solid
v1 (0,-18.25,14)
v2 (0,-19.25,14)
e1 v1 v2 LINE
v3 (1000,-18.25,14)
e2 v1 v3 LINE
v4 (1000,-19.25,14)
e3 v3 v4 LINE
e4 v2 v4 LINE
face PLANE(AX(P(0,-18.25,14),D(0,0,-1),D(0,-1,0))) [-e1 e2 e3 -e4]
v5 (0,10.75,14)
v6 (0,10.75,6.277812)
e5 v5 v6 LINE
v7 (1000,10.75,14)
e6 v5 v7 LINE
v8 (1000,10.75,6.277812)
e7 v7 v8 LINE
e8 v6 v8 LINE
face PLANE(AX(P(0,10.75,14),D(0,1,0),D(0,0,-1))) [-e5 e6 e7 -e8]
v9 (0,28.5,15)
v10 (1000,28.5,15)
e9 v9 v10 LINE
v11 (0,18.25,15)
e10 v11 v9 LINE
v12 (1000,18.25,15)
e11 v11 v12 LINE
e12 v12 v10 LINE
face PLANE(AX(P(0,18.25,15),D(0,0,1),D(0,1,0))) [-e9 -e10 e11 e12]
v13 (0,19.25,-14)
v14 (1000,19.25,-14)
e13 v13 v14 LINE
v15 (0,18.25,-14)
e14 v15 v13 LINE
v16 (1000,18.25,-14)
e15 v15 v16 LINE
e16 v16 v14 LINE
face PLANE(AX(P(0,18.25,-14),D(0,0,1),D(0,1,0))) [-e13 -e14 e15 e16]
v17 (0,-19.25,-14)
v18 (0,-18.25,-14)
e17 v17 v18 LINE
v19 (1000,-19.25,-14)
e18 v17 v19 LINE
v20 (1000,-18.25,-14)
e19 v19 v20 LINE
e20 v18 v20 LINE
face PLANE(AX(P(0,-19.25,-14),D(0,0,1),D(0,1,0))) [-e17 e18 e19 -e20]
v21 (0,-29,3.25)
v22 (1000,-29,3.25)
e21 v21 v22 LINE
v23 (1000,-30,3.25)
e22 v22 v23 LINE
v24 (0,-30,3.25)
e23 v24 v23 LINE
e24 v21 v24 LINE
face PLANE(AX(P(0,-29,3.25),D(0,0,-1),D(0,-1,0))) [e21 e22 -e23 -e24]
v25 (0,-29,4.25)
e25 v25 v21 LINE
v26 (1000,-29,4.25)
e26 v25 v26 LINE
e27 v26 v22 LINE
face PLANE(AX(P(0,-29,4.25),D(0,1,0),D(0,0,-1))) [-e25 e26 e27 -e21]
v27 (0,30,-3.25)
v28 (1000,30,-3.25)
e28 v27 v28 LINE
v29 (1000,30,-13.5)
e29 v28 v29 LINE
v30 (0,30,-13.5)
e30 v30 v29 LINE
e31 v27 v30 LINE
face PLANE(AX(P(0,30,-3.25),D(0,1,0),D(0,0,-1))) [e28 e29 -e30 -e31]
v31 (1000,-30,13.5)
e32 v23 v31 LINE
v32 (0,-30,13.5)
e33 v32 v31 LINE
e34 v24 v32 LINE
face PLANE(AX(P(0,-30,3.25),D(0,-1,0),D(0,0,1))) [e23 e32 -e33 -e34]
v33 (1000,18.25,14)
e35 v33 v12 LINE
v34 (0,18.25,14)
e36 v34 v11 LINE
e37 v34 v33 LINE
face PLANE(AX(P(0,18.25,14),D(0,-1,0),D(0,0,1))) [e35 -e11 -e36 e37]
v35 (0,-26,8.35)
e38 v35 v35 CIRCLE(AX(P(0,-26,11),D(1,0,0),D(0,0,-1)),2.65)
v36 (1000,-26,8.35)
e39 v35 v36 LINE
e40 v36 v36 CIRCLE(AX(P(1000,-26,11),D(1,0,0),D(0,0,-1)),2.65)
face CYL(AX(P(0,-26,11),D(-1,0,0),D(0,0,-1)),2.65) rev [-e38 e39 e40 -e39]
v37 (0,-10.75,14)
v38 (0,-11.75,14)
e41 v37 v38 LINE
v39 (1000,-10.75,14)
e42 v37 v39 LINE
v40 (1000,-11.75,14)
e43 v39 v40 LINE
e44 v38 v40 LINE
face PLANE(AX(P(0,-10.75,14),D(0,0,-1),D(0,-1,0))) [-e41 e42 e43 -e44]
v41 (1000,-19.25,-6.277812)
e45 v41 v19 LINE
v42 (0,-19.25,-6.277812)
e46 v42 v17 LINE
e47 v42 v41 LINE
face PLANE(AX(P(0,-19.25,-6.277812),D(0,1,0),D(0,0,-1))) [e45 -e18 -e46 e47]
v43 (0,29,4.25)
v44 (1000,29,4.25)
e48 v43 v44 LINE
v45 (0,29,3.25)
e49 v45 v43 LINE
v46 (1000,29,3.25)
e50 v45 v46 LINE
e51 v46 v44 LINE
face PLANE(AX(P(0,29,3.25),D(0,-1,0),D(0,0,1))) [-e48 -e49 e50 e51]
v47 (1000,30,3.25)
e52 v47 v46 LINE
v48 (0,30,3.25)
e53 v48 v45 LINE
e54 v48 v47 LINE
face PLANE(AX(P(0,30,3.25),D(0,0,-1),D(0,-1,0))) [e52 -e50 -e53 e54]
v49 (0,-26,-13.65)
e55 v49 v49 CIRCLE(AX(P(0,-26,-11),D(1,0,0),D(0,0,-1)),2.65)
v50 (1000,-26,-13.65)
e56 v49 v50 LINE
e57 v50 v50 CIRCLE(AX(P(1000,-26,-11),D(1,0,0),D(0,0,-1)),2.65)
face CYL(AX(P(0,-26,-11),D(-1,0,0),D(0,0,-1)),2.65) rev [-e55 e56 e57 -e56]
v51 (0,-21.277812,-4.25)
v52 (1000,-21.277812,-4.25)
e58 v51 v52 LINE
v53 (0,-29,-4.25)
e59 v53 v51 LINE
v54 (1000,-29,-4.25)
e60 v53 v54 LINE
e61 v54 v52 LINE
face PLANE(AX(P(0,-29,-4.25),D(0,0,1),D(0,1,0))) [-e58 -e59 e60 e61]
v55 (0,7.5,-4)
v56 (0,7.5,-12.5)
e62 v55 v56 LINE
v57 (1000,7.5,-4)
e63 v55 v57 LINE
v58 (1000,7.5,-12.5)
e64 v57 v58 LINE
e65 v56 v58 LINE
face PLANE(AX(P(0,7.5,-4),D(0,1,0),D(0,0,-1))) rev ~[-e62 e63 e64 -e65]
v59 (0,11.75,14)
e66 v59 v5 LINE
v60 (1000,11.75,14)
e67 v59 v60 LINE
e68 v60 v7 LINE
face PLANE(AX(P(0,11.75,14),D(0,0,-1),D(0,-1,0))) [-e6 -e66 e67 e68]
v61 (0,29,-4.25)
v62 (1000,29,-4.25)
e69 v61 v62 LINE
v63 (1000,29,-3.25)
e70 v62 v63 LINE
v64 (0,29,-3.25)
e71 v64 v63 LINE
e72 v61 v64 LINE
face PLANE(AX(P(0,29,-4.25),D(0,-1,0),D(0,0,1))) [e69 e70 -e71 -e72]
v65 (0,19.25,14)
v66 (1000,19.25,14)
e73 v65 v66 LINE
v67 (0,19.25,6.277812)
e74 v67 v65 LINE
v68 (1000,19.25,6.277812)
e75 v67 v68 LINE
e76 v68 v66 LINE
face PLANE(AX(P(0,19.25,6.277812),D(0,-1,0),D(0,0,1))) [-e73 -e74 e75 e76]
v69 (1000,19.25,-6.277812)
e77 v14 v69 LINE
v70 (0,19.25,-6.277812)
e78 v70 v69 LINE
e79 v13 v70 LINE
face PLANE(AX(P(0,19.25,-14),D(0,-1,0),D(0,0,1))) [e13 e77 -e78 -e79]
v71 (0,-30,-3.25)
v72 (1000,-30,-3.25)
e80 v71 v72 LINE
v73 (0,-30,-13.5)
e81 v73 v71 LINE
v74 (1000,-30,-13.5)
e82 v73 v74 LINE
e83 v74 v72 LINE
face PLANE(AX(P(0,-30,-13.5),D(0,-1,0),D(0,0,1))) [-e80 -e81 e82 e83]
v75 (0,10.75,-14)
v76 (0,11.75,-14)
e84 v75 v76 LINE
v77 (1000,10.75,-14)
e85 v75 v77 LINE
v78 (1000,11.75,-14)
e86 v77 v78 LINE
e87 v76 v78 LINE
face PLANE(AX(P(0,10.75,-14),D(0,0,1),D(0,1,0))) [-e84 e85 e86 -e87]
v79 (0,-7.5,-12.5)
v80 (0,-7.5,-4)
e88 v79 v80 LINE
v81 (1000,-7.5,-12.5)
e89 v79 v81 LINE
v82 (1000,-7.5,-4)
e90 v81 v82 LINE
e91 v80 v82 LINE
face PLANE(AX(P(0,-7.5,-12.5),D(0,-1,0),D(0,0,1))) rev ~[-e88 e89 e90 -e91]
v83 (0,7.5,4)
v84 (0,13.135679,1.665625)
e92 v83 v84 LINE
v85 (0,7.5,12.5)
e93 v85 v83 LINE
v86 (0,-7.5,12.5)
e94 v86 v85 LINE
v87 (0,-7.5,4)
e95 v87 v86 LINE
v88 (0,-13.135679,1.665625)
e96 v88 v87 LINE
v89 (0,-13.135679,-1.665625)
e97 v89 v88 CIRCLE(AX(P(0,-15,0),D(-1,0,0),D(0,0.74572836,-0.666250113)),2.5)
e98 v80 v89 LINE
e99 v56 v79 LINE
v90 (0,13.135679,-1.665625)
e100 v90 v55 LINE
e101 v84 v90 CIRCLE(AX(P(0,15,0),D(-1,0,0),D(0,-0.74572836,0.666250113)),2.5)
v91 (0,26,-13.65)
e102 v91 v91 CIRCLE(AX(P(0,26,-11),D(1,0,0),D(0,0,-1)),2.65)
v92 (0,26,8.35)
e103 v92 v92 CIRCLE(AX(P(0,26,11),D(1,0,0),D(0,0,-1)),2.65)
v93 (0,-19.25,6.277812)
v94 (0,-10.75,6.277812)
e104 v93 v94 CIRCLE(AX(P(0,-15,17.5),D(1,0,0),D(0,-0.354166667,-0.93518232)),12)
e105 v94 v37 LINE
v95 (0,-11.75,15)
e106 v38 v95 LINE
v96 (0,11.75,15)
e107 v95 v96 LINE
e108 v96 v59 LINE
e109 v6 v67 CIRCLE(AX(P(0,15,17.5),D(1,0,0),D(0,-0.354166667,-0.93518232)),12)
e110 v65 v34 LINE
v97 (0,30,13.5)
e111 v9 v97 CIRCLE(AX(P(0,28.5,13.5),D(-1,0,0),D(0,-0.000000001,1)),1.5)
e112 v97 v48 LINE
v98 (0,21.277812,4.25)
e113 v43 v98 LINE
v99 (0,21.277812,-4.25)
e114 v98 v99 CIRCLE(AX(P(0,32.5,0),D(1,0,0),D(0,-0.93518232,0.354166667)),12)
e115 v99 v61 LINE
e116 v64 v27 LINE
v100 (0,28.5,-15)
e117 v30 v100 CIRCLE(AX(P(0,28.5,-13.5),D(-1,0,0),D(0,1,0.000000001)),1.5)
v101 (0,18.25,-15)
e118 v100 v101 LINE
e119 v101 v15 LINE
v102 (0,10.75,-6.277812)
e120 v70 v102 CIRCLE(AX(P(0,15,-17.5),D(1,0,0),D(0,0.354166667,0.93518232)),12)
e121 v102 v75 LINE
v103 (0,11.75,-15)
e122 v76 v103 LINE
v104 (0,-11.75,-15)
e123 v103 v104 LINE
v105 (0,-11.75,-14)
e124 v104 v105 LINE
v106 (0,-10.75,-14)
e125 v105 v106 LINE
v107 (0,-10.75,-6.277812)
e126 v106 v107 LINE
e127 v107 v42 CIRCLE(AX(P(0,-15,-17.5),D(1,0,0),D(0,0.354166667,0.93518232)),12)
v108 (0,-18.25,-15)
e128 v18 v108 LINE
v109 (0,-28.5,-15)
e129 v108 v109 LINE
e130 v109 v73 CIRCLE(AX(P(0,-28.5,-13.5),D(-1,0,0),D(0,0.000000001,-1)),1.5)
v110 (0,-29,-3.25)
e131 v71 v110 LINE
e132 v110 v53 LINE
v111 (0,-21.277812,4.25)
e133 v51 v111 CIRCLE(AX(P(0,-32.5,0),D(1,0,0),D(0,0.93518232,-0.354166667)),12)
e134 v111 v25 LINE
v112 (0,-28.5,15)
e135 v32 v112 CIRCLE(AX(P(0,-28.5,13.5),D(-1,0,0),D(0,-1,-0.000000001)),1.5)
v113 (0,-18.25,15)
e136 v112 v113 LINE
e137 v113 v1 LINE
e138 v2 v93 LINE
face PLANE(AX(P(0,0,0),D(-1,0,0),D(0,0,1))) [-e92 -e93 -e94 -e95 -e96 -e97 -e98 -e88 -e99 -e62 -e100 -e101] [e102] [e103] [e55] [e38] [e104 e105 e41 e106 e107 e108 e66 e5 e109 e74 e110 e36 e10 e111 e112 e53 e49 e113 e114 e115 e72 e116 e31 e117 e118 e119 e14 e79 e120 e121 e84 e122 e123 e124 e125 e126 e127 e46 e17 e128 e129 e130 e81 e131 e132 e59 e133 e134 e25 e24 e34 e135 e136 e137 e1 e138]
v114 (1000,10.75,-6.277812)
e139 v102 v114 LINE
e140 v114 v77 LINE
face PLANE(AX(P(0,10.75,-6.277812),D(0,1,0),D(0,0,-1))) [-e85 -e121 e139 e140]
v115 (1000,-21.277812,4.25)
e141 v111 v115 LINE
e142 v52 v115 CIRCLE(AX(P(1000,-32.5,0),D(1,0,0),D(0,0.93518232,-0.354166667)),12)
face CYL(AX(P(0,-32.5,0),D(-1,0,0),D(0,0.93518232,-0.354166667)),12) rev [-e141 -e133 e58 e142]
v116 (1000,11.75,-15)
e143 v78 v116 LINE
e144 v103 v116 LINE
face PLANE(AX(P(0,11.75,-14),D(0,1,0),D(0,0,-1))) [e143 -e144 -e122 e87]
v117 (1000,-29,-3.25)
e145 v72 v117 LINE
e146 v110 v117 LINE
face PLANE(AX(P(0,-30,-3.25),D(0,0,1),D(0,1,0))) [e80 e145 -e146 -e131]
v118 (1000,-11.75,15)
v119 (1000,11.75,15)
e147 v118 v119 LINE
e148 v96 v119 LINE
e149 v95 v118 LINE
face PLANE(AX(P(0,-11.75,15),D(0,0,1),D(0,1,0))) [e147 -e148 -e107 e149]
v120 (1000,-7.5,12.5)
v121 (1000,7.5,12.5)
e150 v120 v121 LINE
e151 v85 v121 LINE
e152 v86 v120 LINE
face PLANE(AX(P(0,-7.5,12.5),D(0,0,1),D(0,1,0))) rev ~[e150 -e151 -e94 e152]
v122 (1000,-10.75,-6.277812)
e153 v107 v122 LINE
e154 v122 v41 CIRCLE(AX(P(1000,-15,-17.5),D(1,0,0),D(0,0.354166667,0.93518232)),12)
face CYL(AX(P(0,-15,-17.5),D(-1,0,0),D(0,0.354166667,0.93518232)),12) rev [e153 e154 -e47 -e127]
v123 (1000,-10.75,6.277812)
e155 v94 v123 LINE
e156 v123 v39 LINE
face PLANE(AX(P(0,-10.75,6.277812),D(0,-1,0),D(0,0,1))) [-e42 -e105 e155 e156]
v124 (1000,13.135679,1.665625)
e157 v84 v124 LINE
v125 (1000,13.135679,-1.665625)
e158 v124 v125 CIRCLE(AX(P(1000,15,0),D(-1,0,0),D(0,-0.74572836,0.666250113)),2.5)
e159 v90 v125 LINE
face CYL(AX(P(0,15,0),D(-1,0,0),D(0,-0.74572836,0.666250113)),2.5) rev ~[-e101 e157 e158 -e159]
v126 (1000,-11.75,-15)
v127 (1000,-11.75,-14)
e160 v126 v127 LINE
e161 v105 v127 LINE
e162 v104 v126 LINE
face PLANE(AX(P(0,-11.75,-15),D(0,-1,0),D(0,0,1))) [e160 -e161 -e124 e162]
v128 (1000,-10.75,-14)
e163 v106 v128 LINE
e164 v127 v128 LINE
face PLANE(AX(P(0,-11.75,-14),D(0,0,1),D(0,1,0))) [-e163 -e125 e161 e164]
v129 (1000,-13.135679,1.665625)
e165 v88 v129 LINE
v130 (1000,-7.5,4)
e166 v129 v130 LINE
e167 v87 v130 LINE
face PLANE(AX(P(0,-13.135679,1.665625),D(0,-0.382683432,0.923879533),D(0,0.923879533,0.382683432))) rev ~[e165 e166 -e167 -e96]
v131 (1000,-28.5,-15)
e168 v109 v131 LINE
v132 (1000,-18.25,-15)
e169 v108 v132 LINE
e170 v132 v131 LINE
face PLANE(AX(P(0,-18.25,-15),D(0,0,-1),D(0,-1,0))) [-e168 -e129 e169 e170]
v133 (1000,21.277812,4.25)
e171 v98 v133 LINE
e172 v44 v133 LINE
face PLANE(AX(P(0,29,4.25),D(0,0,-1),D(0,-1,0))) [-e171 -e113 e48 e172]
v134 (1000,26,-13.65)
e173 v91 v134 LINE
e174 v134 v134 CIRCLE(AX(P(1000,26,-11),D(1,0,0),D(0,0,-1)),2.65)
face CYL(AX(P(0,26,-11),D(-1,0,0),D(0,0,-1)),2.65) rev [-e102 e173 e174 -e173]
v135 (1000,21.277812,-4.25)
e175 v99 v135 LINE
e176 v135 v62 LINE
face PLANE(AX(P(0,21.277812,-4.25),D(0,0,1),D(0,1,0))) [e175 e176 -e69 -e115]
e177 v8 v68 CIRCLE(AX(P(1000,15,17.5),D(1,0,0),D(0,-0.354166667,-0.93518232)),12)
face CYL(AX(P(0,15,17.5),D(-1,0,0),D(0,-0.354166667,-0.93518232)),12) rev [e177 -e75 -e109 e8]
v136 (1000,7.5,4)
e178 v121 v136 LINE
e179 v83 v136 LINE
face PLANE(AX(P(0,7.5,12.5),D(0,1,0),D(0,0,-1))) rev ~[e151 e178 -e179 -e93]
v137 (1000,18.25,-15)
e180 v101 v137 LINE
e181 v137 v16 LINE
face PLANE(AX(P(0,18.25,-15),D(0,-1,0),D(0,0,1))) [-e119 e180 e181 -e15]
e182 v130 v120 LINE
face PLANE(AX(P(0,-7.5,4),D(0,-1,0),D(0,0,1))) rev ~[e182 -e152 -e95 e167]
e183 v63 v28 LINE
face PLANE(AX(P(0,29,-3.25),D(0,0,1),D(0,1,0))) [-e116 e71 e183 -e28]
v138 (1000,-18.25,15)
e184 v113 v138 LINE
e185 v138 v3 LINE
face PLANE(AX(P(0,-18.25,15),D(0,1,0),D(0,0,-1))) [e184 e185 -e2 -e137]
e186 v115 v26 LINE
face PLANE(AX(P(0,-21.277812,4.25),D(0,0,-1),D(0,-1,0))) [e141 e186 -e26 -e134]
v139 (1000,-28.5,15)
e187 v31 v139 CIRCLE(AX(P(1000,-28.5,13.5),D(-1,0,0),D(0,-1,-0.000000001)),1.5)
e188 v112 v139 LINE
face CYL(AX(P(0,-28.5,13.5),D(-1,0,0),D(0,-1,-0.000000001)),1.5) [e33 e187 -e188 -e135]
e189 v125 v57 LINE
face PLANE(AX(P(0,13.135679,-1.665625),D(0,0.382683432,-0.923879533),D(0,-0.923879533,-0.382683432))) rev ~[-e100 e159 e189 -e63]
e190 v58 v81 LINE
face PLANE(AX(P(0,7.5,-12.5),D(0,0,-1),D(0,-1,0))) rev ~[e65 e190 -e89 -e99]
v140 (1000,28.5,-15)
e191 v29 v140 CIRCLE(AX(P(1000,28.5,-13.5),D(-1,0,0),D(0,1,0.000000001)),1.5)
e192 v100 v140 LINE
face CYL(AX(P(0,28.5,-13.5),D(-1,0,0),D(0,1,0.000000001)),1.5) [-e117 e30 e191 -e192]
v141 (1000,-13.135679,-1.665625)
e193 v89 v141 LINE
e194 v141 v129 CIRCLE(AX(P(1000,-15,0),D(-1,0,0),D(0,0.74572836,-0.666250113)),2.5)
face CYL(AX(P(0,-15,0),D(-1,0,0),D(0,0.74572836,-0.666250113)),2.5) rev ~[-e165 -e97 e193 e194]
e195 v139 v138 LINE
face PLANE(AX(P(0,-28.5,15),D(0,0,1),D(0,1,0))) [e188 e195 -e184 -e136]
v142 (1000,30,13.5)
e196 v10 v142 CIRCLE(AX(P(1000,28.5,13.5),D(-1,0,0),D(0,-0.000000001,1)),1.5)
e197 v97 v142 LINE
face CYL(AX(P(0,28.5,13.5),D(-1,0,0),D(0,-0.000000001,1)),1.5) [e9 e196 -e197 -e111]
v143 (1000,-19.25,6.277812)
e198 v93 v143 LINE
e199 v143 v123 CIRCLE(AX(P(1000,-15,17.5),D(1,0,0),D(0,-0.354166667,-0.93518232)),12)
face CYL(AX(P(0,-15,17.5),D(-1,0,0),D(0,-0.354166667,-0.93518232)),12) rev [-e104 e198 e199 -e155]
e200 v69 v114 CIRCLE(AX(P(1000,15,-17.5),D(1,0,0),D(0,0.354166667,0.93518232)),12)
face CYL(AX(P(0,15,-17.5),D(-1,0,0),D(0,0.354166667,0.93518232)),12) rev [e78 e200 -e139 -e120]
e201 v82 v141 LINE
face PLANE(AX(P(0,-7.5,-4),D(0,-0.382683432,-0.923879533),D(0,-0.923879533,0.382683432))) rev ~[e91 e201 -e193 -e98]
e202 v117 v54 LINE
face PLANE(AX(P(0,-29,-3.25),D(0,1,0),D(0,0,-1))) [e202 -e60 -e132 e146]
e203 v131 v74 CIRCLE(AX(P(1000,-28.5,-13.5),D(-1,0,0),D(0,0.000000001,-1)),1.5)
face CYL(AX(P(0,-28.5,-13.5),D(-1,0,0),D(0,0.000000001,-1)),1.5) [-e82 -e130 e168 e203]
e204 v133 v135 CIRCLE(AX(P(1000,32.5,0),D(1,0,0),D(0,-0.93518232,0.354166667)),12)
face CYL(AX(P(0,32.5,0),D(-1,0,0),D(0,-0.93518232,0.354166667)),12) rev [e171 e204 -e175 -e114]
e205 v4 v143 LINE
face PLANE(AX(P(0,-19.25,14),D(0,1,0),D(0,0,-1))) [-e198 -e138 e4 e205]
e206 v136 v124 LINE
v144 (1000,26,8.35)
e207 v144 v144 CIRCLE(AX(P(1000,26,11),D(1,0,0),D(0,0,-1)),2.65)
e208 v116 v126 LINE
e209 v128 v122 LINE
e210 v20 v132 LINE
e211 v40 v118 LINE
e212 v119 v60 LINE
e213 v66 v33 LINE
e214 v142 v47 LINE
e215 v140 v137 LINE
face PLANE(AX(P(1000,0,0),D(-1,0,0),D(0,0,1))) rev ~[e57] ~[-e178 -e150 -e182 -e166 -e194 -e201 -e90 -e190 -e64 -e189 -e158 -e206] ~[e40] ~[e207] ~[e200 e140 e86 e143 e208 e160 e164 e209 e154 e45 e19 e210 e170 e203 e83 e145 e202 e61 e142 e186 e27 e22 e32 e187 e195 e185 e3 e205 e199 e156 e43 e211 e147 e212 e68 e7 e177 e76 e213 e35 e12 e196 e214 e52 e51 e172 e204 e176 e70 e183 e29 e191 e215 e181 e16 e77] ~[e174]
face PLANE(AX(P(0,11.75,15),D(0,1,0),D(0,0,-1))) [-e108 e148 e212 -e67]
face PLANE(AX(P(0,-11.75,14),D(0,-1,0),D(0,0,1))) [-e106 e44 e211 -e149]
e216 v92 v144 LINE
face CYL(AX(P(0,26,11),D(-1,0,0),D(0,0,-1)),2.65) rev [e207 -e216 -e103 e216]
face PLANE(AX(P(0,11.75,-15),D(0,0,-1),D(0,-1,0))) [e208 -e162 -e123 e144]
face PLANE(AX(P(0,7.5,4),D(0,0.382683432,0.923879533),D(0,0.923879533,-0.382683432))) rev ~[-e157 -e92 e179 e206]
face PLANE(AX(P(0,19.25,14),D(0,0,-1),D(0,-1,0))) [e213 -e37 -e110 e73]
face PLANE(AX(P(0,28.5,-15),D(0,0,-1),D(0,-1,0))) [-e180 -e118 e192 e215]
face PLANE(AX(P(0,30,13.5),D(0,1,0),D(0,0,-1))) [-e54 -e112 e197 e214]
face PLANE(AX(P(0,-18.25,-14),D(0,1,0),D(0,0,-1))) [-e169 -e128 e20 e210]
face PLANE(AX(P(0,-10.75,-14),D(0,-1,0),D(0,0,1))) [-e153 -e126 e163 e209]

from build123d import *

# Parameters (mm, degrees)
SKETCH12_R                = 2.65
F_30_X_60G_X_R1_5_1_DEPTH = 1000


with BuildPart() as part:
    # Sketch12 → 工业铝型材 30 X 60G X R1.5(1) (new body)
    with BuildSketch(Plane(origin=(0, 0, 0), x_dir=(0, 0, -1), z_dir=(1, 0, 0))):
        with BuildLine():
            Line((-3.25, 30), (-3.25, 29))
            Line((-3.25, 29), (-4.25, 29))
            Line((-4.25, 29), (-4.25, 21.277812156))
            ThreePointArc((-4.25, 21.277812156), (0, 20.5), (4.25, 21.277812156))
            Line((4.25, 21.277812156), (4.25, 29))
            Line((4.25, 29), (3.25, 29))
            Line((3.25, 29), (3.25, 30))
            Line((3.25, 30), (13.5, 30))
            ThreePointArc((13.5, 30), (14.560660172, 29.560660172), (15, 28.5))
            Line((15, 28.5), (15, 18.25))
            Line((15, 18.25), (14, 18.25))
            Line((14, 18.25), (14, 19.25))
            Line((14, 19.25), (6.277812156, 19.25))
            ThreePointArc((6.277812156, 19.25), (5.5, 15), (6.277812156, 10.75))
            Line((6.277812156, 10.75), (14, 10.75))
            Line((14, 10.75), (14, 11.75))
            Line((14, 11.75), (15, 11.75))
            Line((15, 11.75), (15, -11.75))
            Line((15, -11.75), (14, -11.75))
            Line((14, -11.75), (14, -10.75))
            Line((14, -10.75), (6.277812156, -10.75))
            ThreePointArc((6.277812156, -10.75), (5.5, -15), (6.277812156, -19.25))
            Line((6.277812156, -19.25), (14, -19.25))
            Line((14, -19.25), (14, -18.25))
            Line((14, -18.25), (15, -18.25))
            Line((15, -18.25), (15, -28.5))
            ThreePointArc((15, -28.5), (14.560660172, -29.560660172), (13.5, -30))
            Line((13.5, -30), (3.25, -30))
            Line((3.25, -30), (3.25, -29))
            Line((3.25, -29), (4.25, -29))
            Line((4.25, -29), (4.25, -21.277812156))
            ThreePointArc((4.25, -21.277812156), (0, -20.5), (-4.25, -21.277812156))
            Line((-4.25, -21.277812156), (-4.25, -29))
            Line((-4.25, -29), (-3.25, -29))
            Line((-3.25, -29), (-3.25, -30))
            Line((-3.25, -30), (-13.5, -30))
            ThreePointArc((-13.5, -30), (-14.560660172, -29.560660172), (-15, -28.5))
            Line((-15, -28.5), (-15, -18.25))
            Line((-15, -18.25), (-14, -18.25))
            Line((-14, -18.25), (-14, -19.25))
            Line((-14, -19.25), (-6.277812156, -19.25))
            ThreePointArc((-6.277812156, -19.25), (-5.5, -15), (-6.277812156, -10.75))
            Line((-6.277812156, -10.75), (-14, -10.75))
            Line((-14, -10.75), (-14, -11.75))
            Line((-14, -11.75), (-15, -11.75))
            Line((-15, -11.75), (-15, 11.75))
            Line((-15, 11.75), (-14, 11.75))
            Line((-14, 11.75), (-14, 10.75))
            Line((-14, 10.75), (-6.277812156, 10.75))
            ThreePointArc((-6.277812156, 10.75), (-5.5, 15), (-6.277812156, 19.25))
            Line((-6.277812156, 19.25), (-14, 19.25))
            Line((-14, 19.25), (-14, 18.25))
            Line((-14, 18.25), (-15, 18.25))
            Line((-15, 18.25), (-15, 28.5))
            ThreePointArc((-15, 28.5), (-14.560660172, 29.560660172), (-13.5, 30))
            Line((-13.5, 30), (-3.25, 30))
        make_face()
        with Locations((-11, 26)):
            Circle(SKETCH12_R, mode=Mode.SUBTRACT)
        with Locations((11, 26)):
            Circle(SKETCH12_R, mode=Mode.SUBTRACT)
        with Locations((11, -26)):
            Circle(SKETCH12_R, mode=Mode.SUBTRACT)
        with Locations((-11, -26)):
            Circle(SKETCH12_R, mode=Mode.SUBTRACT)
        with BuildLine():
            Line((-12.5, 7.5), (-4, 7.5))
            Line((-4, 7.5), (-1.665625283, 13.135679101))
            ThreePointArc((-1.665625283, 13.135679101), (0, 17.5), (1.665625283, 13.135679101))
            Line((1.665625283, 13.135679101), (4, 7.5))
            Line((4, 7.5), (12.5, 7.5))
            Line((12.5, 7.5), (12.5, -7.5))
            Line((12.5, -7.5), (4, -7.5))
            Line((4, -7.5), (1.665625283, -13.135679101))
            ThreePointArc((1.665625283, -13.135679101), (0, -17.5), (-1.665625283, -13.135679101))
            Line((-1.665625283, -13.135679101), (-4, -7.5))
            Line((-4, -7.5), (-12.5, -7.5))
            Line((-12.5, -7.5), (-12.5, 7.5))
        make_face(mode=Mode.SUBTRACT)
    extrude(amount=F_30_X_60G_X_R1_5_1_DEPTH)


solid = part.part
